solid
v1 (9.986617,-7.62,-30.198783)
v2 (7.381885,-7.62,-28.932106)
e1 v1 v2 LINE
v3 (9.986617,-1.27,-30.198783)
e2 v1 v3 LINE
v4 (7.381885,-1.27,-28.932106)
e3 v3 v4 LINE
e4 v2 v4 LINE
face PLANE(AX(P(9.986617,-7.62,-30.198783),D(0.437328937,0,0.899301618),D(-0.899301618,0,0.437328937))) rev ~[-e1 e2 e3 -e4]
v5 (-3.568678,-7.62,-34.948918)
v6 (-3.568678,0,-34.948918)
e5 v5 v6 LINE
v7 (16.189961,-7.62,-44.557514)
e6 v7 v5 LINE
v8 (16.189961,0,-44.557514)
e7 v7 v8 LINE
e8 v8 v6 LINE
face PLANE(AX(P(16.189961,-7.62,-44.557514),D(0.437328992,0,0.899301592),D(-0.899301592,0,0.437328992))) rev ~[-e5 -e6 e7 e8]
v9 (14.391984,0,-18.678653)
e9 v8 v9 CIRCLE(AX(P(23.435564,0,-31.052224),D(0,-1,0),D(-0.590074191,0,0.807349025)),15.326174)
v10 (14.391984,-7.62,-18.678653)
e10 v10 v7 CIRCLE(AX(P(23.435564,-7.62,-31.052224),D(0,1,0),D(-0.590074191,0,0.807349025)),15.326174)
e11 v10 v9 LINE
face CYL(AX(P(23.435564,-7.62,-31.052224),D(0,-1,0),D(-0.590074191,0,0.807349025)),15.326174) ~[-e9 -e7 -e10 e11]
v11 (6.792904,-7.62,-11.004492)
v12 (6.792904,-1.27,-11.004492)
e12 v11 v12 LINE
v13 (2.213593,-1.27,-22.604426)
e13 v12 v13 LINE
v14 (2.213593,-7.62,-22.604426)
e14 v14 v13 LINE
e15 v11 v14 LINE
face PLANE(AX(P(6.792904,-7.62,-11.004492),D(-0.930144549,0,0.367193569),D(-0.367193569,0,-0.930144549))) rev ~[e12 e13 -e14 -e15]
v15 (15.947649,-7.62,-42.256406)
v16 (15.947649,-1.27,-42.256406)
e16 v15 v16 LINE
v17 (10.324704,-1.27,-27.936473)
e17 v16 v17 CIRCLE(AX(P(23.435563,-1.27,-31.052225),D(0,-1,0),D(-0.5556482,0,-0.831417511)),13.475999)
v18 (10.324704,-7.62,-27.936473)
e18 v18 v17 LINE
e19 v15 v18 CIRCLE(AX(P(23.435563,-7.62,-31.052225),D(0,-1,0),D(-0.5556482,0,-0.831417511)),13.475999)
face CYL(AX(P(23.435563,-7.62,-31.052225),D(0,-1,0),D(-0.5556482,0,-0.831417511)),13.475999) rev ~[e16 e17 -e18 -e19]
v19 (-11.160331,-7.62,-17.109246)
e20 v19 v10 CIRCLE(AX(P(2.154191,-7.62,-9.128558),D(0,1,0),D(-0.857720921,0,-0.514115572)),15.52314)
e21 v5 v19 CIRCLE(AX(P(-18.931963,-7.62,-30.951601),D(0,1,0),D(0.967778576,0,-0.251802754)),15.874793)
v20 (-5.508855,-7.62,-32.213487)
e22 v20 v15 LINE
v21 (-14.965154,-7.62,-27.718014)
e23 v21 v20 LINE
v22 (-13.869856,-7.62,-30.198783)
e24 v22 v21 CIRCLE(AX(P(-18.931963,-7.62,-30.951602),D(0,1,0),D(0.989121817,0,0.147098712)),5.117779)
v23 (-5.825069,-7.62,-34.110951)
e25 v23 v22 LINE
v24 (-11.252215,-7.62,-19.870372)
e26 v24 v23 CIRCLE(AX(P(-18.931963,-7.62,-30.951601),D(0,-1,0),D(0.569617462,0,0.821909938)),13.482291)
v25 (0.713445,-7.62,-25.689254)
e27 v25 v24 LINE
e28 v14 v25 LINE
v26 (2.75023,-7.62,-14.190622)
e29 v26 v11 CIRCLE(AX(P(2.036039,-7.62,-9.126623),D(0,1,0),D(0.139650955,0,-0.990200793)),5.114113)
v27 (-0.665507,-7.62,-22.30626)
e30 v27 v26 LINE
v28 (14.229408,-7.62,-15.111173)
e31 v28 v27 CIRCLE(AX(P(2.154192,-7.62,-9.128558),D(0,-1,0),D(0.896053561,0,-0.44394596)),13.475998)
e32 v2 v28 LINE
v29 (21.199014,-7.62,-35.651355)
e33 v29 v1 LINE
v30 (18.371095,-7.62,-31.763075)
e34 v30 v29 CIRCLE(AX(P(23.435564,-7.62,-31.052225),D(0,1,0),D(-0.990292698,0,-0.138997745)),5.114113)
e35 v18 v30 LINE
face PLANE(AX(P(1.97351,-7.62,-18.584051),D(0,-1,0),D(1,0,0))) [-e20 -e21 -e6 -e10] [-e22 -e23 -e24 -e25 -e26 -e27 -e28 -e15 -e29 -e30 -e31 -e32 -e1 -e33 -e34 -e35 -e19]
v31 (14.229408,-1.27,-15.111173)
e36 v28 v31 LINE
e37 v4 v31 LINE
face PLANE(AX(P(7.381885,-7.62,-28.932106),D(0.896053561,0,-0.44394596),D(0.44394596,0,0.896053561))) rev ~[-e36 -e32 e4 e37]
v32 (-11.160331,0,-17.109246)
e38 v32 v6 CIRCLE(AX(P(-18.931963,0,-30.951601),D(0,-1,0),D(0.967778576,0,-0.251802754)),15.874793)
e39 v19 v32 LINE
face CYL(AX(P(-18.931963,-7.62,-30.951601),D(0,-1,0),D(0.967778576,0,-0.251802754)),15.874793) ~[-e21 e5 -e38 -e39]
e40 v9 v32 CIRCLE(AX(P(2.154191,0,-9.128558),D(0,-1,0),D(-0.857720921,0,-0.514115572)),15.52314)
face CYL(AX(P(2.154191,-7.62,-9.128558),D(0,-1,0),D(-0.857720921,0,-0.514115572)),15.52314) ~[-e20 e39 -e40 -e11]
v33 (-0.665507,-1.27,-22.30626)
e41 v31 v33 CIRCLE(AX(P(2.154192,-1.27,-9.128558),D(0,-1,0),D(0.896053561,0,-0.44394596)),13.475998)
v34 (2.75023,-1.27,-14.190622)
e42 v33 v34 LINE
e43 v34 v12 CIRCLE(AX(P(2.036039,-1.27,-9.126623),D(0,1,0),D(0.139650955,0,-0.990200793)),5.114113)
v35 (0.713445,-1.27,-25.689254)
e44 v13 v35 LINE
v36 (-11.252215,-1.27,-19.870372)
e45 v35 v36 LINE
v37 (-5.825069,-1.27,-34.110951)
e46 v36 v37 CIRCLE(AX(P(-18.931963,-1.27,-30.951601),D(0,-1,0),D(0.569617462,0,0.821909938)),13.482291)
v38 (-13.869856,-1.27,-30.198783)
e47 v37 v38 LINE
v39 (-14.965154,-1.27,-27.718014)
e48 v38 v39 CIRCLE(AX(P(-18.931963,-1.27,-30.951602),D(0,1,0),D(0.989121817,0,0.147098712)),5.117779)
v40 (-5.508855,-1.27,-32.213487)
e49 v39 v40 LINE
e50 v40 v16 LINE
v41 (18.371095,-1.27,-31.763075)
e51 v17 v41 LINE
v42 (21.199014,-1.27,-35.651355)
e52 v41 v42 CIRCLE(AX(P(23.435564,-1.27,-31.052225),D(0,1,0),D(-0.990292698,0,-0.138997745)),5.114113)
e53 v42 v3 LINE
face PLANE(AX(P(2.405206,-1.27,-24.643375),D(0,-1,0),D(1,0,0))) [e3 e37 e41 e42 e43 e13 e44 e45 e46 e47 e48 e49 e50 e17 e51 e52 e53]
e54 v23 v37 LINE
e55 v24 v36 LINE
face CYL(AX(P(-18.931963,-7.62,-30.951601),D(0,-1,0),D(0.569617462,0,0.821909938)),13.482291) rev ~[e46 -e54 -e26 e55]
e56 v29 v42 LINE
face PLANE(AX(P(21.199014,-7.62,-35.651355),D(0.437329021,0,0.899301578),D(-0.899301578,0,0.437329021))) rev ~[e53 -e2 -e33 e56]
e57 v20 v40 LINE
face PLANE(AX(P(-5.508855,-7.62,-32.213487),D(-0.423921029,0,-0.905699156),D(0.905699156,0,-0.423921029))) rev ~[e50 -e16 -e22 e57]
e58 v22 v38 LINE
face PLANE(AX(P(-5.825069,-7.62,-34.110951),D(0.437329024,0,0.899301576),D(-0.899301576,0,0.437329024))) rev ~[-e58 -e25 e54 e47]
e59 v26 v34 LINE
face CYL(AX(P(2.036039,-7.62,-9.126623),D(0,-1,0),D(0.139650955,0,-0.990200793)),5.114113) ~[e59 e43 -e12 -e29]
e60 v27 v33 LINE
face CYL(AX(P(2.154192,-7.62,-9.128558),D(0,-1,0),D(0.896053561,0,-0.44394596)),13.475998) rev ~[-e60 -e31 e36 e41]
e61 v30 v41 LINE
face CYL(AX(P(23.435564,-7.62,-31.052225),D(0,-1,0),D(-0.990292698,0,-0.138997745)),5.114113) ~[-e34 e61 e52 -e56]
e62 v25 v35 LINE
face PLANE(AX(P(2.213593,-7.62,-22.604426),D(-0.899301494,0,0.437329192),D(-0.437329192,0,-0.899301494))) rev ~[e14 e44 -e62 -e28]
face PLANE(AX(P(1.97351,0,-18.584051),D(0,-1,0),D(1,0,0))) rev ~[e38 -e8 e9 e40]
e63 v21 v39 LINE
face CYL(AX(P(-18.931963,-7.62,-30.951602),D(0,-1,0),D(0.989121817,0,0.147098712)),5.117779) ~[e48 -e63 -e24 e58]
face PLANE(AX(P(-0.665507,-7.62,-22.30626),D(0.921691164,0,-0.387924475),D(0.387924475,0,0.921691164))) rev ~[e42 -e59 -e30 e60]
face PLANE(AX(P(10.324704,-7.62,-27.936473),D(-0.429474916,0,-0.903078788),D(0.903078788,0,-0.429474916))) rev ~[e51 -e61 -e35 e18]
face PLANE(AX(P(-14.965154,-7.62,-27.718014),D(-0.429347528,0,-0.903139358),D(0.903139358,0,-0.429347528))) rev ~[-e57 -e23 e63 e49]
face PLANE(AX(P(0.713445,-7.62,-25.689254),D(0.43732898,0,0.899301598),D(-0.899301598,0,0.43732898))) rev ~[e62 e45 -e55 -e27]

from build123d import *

# Parameters (mm, degrees)
F0_W     = 76.2
F0_H     = 76.2
F1_DEPTH = 7.62
F3_DEPTH = 6.35
F4_W     = 76.2
F4_H     = 76.2
F5_DEPTH = 25.4


with BuildPart() as f1:
    # F0 (on Front) → F1 (new body)
    with BuildSketch(Plane.XZ):
        with Locations((1.97351, -18.584051)):
            Rectangle(F0_W, F0_H)
    extrude(amount=F1_DEPTH)

    # F2 (on face) → F3 (cut)
    with BuildSketch(Plane.XZ.offset(7.62)):
        with BuildLine():
            ThreePointArc((-13.869856, -30.198783), (-23.613724, -33.018671), (-14.965154, -27.718014))
            Line((-14.965154, -27.718014), (-5.508855, -32.213487))
            Line((-5.508855, -32.213487), (15.947649, -42.256406))
            ThreePointArc((15.947649, -42.256406), (35.979187, -26.126775), (10.324704, -27.936473))
            Line((10.324704, -27.936473), (18.371095, -31.763075))
            ThreePointArc((18.371095, -31.763075), (27.571492, -28.044193), (21.199014, -35.651355))
            Line((21.199014, -35.651355), (9.986617, -30.198783))
            Line((9.986617, -30.198783), (7.381885, -28.932106))
            Line((7.381885, -28.932106), (14.229408, -15.111173))
            ThreePointArc((14.229408, -15.111173), (-3.707419, 3.005858), (-0.665507, -22.30626))
            Line((-0.665507, -22.30626), (2.75023, -14.190622))
            ThreePointArc((2.75023, -14.190622), (-1.129552, -5.110009), (6.792904, -11.004492))
            Line((6.792904, -11.004492), (2.213593, -22.604426))
            Line((2.213593, -22.604426), (0.713445, -25.689254))
            Line((0.713445, -25.689254), (-11.252215, -19.870372))
            ThreePointArc((-11.252215, -19.870372), (-31.530362, -35.752906), (-5.825069, -34.110951))
            Line((-5.825069, -34.110951), (-13.869856, -30.198783))
        make_face()
    extrude(amount=-F3_DEPTH, mode=Mode.SUBTRACT)

    # F4 (on face) → F5 (cut)
    with BuildSketch(Plane.XZ.offset(7.62)):
        with Locations((1.97351, -18.584051)):
            Rectangle(F4_W, F4_H)
        with BuildLine():
            ThreePointArc((-11.160331, -17.109246), (3.105819, 6.365386), (14.391984, -18.678653))
            ThreePointArc((14.391984, -18.678653), (38.724881, -29.989974), (16.189961, -44.557514))
            Line((16.189961, -44.557514), (-3.568678, -34.948918))
            ThreePointArc((-3.568678, -34.948918), (-33.539138, -37.167669), (-11.160331, -17.109246))
        make_face(mode=Mode.SUBTRACT)
    extrude(amount=-F5_DEPTH, mode=Mode.SUBTRACT)


solid = f1.part
